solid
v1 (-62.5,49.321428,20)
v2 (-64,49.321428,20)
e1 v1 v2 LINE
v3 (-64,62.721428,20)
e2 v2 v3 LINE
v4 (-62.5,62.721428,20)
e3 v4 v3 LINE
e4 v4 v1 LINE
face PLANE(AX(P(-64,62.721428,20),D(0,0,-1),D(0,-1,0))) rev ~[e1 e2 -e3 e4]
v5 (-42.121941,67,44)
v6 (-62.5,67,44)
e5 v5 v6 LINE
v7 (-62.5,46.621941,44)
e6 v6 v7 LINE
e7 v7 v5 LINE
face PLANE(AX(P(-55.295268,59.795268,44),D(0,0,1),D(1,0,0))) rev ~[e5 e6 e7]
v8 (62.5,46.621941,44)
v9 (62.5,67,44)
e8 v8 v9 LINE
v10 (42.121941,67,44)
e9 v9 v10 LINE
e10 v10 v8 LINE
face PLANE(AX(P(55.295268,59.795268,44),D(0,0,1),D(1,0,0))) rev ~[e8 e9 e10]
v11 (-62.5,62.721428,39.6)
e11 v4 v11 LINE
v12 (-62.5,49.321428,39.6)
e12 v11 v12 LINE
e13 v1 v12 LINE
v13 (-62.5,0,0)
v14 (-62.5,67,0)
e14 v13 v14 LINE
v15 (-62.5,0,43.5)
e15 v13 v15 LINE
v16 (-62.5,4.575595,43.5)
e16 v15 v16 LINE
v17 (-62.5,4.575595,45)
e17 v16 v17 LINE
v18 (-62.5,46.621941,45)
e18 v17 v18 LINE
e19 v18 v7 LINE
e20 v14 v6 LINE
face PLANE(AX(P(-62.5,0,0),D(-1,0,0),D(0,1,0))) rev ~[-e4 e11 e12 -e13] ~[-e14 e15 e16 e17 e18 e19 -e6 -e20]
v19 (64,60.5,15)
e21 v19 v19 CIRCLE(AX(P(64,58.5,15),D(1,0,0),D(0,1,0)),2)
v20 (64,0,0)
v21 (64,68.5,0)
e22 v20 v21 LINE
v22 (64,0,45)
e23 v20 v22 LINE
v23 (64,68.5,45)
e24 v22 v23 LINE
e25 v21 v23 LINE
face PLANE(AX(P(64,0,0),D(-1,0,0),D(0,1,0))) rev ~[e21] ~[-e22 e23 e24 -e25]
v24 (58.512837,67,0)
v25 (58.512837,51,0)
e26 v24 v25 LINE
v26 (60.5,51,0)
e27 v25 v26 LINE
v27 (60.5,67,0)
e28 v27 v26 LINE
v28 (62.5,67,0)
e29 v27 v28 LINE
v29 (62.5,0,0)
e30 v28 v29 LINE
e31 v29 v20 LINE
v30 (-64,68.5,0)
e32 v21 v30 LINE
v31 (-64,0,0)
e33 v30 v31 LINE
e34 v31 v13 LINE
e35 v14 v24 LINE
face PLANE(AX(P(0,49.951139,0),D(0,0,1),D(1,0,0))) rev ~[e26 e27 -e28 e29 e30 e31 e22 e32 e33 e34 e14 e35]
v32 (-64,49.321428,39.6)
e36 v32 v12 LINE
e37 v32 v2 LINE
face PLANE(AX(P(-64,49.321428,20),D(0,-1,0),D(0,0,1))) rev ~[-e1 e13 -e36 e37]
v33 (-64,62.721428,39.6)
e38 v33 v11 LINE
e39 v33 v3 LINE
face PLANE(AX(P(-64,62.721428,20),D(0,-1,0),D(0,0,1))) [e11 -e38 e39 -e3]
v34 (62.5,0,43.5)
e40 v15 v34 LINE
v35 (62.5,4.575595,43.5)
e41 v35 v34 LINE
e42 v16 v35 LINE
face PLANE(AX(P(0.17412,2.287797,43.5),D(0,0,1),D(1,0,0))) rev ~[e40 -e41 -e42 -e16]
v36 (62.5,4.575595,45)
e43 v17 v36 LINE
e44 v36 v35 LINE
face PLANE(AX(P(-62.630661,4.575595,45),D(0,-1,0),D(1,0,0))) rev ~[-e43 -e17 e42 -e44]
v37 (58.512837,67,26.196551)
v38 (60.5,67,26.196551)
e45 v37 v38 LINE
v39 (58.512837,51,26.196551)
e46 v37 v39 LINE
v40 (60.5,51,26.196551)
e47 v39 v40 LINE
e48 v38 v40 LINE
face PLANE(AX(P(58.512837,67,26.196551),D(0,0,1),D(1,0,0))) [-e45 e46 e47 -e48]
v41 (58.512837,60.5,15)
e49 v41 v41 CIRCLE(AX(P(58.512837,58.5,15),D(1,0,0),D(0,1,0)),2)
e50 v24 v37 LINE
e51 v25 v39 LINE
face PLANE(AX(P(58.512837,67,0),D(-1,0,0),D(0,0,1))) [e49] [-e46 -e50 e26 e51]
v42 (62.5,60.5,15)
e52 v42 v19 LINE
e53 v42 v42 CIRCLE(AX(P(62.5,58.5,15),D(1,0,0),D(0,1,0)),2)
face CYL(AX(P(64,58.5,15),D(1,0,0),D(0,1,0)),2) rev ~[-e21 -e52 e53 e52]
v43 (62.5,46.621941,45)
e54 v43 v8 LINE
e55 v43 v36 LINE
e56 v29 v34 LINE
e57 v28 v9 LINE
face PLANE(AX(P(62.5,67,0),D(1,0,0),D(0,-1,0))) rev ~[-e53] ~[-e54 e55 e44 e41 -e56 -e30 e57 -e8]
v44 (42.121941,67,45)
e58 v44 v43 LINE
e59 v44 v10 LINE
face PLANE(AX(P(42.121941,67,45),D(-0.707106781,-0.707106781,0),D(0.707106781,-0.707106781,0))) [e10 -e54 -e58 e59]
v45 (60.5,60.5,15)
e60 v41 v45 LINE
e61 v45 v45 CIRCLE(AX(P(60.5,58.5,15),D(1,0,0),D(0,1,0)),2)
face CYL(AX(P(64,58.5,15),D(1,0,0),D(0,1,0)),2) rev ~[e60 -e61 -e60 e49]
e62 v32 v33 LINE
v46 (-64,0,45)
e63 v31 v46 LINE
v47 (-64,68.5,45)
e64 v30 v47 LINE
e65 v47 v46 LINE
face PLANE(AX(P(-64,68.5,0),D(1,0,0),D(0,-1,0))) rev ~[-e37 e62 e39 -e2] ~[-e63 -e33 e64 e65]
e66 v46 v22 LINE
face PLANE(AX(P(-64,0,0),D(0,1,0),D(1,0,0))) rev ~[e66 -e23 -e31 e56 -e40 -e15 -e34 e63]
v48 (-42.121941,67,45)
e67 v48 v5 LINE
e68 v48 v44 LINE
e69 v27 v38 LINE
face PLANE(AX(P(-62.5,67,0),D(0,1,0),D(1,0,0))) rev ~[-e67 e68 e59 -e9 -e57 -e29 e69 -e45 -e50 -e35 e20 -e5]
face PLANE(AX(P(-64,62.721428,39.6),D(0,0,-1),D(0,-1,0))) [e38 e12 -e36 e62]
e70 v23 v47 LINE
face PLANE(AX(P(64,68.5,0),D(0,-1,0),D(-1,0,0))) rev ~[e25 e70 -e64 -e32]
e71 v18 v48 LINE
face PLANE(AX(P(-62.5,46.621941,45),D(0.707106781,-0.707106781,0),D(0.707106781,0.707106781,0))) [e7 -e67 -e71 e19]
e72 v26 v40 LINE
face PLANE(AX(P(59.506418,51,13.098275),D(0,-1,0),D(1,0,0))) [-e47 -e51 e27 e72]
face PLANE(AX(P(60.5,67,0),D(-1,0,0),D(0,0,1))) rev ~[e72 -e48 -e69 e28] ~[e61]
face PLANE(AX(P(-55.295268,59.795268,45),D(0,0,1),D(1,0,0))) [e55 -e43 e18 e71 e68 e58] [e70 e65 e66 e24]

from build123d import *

# Parameters (mm, degrees)
F1_DEPTH  = 45
F2_W      = 13.4
F2_H      = 19.6
F3_DEPTH  = 3
F5_DEPTH  = 1
F7_W      = 125.609561801
F7_H      = 4.575594794
F8_DEPTH  = 1.5
F9_W      = 1.9871633053
F9_H      = 26.1965505779
F10_DEPTH = 16
F6_R      = 2
F11_DEPTH = 9.4


with BuildPart() as f1:
    # F0 (on Top) → F1 (new body)
    with BuildSketch(Plane.XY):
        Polygon((-64, 0), (-62.5, 0), (-62.5, 67), (62.5, 67), (62.5, 0), (64, 0), (64, 68.5), (-64, 68.5), align=None)
    extrude(amount=F1_DEPTH)

    # F2 (on face) → F3 (cut, symmetric)
    with BuildSketch(Plane(origin=(-64, 0, 0), x_dir=(0, -1, 0), z_dir=(-1, 0, 0))):
        with Locations((-56.0214279117, 29.8)):
            Rectangle(F2_W, F2_H)
    extrude(amount=F3_DEPTH, both=True, mode=Mode.SUBTRACT)

    # F4 (on face) → F5 (join)
    with BuildSketch(Plane.XY.offset(45)):
        Polygon((-42.12194103, 67), (-62.5, 67), (-62.5, 46.62194103), align=None)
        Polygon((62.5, 67), (42.12194103, 67), (62.5, 46.62194103), align=None)
    extrude(amount=-F5_DEPTH)

    # F7 (on face) → F8 (join)
    with BuildSketch(Plane.XY.offset(45)):
        with Locations((0.1741200686, 2.287797397)):
            Rectangle(F7_W, F7_H)
    extrude(amount=-F8_DEPTH)

    # F9 (on face) → F10 (join)
    with BuildSketch(Plane.XZ.offset(-67)):
        with Locations((59.5064183474, 13.0982752889)):
            Rectangle(F9_W, F9_H)
    extrude(amount=F10_DEPTH)

    # F6 (on face) → F11 (cut, symmetric)
    with BuildSketch(Plane.YZ.offset(64)):
        with Locations((58.5, 15)):
            Circle(F6_R)
    extrude(amount=F11_DEPTH, both=True, mode=Mode.SUBTRACT)


solid = f1.part
